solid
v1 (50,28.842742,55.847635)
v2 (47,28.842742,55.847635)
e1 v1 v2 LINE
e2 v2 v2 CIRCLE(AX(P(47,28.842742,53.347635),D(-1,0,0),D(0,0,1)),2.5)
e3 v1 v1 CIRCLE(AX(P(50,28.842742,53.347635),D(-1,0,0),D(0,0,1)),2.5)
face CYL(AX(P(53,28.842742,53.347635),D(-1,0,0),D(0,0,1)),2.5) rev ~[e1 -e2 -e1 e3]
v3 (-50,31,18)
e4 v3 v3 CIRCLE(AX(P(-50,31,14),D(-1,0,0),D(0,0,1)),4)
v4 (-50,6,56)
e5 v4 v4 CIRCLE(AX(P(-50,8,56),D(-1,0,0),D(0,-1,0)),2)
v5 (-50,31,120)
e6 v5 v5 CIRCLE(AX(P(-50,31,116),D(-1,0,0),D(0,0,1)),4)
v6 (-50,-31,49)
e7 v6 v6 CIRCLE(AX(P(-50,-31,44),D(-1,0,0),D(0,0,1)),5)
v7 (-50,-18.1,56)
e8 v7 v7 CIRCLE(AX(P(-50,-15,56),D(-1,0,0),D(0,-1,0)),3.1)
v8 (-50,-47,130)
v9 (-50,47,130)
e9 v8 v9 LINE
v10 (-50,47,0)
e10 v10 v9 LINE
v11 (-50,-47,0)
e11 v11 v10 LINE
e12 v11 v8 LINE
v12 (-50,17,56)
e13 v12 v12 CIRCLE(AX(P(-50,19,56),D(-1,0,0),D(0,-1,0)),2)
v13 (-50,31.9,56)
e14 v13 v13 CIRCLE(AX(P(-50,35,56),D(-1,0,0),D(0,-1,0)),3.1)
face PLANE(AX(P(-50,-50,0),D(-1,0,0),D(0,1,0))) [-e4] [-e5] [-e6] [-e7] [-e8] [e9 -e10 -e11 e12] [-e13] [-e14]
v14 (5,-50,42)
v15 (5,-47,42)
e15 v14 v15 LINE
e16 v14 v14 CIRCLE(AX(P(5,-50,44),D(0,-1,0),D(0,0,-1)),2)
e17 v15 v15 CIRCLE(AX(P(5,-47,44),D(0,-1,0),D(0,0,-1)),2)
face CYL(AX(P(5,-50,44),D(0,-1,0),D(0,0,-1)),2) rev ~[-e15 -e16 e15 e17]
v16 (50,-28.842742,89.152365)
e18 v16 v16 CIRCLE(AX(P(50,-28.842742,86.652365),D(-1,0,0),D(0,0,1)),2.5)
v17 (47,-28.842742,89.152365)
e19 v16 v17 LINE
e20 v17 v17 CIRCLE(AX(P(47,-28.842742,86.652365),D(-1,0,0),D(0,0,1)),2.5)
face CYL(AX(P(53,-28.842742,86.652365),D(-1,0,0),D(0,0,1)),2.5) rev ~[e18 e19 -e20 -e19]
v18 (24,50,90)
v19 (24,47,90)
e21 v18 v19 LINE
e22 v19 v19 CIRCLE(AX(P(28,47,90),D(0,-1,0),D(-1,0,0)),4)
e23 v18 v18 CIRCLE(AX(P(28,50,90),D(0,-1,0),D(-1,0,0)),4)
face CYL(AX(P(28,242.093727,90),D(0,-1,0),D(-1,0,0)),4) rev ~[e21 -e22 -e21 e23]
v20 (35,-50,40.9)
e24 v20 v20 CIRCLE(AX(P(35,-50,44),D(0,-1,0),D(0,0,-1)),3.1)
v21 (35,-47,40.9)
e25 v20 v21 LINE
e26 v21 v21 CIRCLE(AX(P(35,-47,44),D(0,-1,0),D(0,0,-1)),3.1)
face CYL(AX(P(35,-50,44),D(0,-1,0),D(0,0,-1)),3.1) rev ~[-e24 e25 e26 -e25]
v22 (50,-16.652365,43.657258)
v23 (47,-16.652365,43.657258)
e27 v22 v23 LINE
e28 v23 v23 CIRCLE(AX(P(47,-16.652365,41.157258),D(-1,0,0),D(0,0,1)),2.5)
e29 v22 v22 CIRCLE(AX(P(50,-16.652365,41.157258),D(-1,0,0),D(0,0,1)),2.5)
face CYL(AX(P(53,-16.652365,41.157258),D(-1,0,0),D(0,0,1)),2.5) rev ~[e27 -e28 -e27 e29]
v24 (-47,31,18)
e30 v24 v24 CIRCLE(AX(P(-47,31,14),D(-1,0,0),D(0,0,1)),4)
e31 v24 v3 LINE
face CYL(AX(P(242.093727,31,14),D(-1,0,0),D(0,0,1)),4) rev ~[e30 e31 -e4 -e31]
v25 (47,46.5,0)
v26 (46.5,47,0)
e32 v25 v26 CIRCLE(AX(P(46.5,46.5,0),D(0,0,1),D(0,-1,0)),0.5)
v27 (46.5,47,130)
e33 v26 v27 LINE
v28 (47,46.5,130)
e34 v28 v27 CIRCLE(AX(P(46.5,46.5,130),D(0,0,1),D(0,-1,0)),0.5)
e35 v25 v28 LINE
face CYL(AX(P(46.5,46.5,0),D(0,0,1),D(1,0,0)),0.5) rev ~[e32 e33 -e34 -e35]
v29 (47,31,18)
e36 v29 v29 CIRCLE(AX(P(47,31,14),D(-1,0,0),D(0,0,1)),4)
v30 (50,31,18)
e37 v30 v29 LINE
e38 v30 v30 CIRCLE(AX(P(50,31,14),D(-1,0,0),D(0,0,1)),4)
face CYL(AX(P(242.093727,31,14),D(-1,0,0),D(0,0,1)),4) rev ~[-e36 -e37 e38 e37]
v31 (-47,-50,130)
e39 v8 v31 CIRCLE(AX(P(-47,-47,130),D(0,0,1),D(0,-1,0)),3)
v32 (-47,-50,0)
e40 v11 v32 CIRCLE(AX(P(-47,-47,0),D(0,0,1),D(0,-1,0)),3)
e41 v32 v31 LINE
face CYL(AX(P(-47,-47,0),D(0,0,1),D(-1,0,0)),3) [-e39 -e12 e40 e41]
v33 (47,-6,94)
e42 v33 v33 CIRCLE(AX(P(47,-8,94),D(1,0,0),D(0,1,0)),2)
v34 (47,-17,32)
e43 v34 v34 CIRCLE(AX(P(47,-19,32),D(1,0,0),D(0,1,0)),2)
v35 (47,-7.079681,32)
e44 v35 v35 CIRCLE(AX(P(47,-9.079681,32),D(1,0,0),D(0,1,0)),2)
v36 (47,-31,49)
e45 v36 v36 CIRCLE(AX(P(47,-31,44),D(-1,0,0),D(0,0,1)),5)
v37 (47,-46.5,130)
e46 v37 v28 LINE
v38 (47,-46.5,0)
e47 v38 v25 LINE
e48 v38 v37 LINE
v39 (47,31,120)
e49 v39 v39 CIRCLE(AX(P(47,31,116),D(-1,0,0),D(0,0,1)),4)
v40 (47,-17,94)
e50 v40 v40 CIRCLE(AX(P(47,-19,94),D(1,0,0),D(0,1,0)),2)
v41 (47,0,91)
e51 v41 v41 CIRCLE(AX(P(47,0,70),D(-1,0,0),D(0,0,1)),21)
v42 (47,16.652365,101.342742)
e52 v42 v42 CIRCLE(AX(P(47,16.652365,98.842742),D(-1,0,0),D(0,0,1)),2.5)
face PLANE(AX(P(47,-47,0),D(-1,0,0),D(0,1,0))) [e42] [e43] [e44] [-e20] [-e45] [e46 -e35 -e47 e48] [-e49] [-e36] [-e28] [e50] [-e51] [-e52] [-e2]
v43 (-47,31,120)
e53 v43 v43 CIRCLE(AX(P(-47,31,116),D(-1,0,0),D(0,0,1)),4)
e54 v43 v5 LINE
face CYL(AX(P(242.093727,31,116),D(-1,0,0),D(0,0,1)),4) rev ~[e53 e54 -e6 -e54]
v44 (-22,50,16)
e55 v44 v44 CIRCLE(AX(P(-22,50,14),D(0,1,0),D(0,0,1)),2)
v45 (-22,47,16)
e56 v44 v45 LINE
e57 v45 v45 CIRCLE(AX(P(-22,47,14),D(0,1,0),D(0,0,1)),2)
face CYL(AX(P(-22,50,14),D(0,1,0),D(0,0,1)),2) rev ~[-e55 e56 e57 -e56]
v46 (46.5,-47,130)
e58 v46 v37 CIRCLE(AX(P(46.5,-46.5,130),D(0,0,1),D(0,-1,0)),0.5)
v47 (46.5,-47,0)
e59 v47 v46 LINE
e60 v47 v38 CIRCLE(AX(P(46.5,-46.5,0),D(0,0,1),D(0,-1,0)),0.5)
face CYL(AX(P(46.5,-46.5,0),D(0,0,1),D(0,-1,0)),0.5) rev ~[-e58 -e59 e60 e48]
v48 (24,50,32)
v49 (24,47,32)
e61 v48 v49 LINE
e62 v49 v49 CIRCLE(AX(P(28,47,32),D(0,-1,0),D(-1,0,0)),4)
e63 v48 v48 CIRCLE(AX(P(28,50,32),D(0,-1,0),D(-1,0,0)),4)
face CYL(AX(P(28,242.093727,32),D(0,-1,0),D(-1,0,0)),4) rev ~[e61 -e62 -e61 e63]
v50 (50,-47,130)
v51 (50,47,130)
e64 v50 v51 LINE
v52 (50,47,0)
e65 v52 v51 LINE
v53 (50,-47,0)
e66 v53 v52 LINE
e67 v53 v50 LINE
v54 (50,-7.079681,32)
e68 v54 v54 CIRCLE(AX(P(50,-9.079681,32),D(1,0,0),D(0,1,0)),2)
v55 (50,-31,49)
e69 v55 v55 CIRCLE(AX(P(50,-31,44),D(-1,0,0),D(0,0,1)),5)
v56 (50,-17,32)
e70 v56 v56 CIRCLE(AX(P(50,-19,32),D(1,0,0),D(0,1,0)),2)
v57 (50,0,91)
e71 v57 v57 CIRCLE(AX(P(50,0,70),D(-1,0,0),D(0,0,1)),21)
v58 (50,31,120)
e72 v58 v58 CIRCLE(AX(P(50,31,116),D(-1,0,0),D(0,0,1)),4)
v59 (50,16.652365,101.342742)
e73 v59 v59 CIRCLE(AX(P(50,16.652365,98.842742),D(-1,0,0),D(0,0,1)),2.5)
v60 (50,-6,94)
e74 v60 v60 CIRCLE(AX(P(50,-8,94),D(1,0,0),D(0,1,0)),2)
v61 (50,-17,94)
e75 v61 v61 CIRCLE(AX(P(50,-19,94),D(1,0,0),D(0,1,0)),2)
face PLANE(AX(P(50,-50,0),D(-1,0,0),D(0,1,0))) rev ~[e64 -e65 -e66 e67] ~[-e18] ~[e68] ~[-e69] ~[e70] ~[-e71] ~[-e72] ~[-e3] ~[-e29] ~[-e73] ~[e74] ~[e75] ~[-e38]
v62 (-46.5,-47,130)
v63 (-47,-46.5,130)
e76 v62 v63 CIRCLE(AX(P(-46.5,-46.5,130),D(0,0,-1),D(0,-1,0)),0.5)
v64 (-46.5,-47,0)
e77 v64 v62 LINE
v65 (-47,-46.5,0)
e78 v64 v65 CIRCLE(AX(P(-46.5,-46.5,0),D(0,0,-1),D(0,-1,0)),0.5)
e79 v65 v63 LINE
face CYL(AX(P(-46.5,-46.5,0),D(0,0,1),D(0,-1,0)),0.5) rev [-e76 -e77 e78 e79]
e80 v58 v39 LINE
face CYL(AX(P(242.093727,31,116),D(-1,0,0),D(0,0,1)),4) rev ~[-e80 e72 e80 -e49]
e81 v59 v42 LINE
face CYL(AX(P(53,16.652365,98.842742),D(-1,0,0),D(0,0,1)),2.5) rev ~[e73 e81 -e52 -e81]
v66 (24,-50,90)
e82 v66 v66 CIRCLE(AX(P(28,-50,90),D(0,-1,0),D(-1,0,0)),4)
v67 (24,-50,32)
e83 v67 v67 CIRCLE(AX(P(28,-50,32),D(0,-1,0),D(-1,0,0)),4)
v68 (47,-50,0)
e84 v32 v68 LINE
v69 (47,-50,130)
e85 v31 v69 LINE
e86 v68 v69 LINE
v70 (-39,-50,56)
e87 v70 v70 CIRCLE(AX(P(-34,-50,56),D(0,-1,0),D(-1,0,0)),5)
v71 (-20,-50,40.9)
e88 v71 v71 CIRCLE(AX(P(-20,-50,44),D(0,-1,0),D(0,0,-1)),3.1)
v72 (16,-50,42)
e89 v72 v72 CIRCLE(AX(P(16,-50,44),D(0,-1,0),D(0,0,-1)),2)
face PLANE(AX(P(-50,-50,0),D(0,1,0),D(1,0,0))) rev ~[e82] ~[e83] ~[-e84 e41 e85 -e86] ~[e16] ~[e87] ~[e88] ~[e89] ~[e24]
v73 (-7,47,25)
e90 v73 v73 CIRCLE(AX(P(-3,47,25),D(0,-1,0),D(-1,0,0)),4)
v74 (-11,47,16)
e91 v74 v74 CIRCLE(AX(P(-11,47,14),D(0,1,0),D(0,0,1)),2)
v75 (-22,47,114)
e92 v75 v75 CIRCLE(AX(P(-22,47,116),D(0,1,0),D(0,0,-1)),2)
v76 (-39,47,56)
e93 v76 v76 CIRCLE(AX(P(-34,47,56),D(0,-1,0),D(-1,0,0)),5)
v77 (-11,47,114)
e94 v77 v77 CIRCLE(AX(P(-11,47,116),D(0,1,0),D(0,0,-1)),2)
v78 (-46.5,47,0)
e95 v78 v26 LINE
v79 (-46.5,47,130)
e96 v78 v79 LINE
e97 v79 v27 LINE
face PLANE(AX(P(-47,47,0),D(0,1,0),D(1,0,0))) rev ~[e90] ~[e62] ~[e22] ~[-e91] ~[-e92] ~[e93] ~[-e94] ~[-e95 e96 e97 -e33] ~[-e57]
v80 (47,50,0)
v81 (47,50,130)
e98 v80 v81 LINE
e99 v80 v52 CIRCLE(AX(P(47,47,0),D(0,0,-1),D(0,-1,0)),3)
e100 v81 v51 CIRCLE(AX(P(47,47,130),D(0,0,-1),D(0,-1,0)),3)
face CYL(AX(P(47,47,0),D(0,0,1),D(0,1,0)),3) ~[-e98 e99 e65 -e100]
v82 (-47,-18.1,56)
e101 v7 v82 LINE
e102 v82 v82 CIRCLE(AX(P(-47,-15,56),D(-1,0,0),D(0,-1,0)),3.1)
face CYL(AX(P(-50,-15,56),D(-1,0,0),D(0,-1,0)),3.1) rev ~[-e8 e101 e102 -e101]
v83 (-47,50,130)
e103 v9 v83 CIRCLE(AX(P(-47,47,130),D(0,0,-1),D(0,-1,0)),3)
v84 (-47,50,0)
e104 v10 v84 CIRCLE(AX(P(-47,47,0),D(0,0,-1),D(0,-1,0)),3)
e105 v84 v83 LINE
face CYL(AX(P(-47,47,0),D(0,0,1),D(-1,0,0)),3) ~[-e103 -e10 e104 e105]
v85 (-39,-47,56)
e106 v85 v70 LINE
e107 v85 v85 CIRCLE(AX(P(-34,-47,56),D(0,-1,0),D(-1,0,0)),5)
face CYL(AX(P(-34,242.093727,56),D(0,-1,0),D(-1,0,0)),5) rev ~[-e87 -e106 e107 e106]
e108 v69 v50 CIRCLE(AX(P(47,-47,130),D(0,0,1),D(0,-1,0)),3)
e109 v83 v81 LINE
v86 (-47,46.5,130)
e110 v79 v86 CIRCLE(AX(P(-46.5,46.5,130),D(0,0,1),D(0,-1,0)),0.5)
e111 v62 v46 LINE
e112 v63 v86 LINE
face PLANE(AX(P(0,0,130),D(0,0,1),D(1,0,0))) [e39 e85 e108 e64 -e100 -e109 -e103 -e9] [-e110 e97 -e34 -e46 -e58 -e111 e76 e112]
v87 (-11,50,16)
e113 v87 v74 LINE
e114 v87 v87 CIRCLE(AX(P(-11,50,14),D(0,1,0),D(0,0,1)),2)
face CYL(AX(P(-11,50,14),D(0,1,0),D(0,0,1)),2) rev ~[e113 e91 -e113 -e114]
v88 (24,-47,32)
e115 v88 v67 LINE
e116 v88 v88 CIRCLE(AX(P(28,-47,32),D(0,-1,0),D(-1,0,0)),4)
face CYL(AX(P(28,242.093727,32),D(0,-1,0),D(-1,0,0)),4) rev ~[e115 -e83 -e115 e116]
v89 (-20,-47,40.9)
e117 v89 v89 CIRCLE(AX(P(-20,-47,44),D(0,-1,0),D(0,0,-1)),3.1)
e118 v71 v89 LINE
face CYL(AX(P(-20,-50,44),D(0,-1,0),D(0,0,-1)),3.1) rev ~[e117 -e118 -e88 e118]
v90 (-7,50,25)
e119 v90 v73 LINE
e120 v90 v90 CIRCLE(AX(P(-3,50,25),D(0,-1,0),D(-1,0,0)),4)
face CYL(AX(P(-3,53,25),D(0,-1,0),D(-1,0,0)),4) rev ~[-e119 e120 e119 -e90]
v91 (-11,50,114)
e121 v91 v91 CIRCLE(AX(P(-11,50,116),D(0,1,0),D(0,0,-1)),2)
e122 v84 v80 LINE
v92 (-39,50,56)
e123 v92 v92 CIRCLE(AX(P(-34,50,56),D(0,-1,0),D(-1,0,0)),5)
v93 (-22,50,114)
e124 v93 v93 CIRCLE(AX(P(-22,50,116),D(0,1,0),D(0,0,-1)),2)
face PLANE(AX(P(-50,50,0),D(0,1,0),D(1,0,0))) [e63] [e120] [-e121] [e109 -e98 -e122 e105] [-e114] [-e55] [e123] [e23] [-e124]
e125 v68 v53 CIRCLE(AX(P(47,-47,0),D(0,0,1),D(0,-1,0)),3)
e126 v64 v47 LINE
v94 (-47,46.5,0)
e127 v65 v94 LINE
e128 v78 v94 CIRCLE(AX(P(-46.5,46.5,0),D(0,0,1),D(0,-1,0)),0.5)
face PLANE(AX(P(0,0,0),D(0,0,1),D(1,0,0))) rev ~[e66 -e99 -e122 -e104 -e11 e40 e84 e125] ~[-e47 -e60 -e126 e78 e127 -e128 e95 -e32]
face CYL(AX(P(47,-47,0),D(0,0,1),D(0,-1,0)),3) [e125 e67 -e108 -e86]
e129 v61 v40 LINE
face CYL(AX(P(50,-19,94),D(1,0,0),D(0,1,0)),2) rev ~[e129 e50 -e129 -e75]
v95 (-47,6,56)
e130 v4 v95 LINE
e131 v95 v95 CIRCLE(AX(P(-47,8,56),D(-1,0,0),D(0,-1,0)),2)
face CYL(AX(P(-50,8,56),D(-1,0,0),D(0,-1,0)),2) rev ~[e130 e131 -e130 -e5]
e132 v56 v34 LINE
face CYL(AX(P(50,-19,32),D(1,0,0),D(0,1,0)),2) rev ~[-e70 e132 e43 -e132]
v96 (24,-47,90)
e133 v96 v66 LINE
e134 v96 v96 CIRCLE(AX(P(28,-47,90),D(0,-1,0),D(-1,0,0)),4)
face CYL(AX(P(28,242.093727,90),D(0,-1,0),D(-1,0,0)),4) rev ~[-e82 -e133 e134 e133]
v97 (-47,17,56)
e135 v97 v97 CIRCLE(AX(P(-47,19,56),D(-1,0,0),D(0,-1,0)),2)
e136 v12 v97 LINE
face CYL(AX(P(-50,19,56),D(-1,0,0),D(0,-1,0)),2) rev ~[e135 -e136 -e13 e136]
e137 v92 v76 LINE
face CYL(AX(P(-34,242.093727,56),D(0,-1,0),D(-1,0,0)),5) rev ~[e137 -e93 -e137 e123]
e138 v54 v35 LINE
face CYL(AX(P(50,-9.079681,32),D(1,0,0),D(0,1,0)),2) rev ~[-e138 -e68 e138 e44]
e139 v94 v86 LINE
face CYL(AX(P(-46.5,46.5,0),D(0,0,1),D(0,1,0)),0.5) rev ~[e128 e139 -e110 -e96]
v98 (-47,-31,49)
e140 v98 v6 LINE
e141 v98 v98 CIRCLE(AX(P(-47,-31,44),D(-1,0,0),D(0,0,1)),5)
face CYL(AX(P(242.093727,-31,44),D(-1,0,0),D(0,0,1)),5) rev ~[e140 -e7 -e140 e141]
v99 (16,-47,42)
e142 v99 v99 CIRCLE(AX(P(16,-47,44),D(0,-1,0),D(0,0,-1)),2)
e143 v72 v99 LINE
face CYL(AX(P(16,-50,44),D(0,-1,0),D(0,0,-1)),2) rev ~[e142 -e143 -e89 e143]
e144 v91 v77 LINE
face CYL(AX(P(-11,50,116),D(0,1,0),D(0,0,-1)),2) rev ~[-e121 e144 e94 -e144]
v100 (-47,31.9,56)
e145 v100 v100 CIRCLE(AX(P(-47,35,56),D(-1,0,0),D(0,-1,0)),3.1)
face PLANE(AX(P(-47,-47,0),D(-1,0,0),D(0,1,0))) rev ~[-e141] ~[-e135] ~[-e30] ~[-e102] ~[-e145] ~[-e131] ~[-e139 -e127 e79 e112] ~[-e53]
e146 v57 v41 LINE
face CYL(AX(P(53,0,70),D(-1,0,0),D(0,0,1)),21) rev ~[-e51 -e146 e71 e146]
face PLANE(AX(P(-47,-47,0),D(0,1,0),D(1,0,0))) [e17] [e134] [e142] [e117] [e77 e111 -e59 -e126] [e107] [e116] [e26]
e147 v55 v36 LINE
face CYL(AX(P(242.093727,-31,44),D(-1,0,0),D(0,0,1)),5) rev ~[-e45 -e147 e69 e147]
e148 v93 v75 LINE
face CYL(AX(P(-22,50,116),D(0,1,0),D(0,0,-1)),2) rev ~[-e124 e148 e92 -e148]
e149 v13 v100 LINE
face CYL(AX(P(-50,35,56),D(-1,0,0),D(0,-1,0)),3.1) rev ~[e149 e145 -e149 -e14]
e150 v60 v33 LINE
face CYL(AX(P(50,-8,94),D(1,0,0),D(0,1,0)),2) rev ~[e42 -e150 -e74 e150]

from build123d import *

# Parameters (mm, degrees)
SKETCH1_W                      = 100
SKETCH1_H                      = 100
SKETCH1_W_2                    = 94
SKETCH1_H_2                    = 94
EXTRUDE_THIN1_DEPTH            = 130
FILLET1_R                      = 0.5
FILLET2_R                      = 3
F_8_0_8_DIAMETER_HOLE2_D       = 8
F_8_0_8_DIAMETER_HOLE3_D       = 8
F_10_0_10_DIAMETER_HOLE1_D     = 10
F_10_0_10_DIAMETER_HOLE2_D     = 10
F_21_0_21_DIAMETER_HOLE1_D     = 42
F_21_0_21_DIAMETER_HOLE1_DEPTH = 3
F_5_0_5_DIAMETER_HOLE1_D       = 5
F_5_0_5_DIAMETER_HOLE1_DEPTH   = 3
F_8_0_8_DIAMETER_HOLE5_D       = 8
F_8_0_8_DIAMETER_HOLE5_DEPTH   = 3
CUT_EXTRUDE1_REACH             = 173.464
SKETCH34_R                     = 2
SKETCH35_R                     = 2
CUT_EXTRUDE2_DEPTH             = 10
SKETCH36_R                     = 2
CUT_EXTRUDE3_DEPTH             = 10
SKETCH37_R                     = 2
CUT_EXTRUDE4_DEPTH             = 10
SKETCH38_R                     = 3.1
CUT_EXTRUDE5_DEPTH             = 10
SKETCH39_R                     = 3.1
CUT_EXTRUDE6_DEPTH             = 10


with BuildPart() as part:
    # Sketch1 → Extrude-Thin1 (new body)
    with BuildSketch(Plane.XY):
        Rectangle(SKETCH1_W, SKETCH1_H)
        Rectangle(SKETCH1_W_2, SKETCH1_H_2, mode=Mode.SUBTRACT)
    extrude(amount=EXTRUDE_THIN1_DEPTH)

    # Fillet1
    fillet1_edges = [part.edges().sort_by_distance(p)[0] for p in [
        (47, -47, 65),
        (47, 47, 65),
        (-47, 47, 65),
        (-47, -47, 65),
    ]]
    fillet(fillet1_edges, radius=FILLET1_R)

    # Fillet2
    fillet2_edges = [part.edges().sort_by_distance(p)[0] for p in [
        (50, -50, 65),
        (-50, -50, 65),
        (-50, 50, 65),
        (50, 50, 65),
    ]]
    fillet(fillet2_edges, radius=FILLET2_R)

    # Ø8.0 (8) Diameter Hole2 (through all)
    with Locations(Plane(origin=(0, 50, 0), x_dir=(1, 0, 0), z_dir=(0, 1, 0))):
        with Locations((28, -32), (28, -90)):
            Hole(F_8_0_8_DIAMETER_HOLE2_D / 2)

    # Ø8.0 (8) Diameter Hole3 (through all)
    with Locations(Plane(origin=(50, 0, 0), x_dir=(0, 0, -1), z_dir=(1, 0, 0))):
        with Locations((-14, 31), (-116, 31)):
            Hole(F_8_0_8_DIAMETER_HOLE3_D / 2)

    # Ø10.0 (10) Diameter Hole1 (through all)
    with Locations(Plane(origin=(0, 50, 0), x_dir=(1, 0, 0), z_dir=(0, 1, 0))):
        with Locations((-34, -56)):
            Hole(F_10_0_10_DIAMETER_HOLE1_D / 2)

    # Ø10.0 (10) Diameter Hole2 (through all)
    with Locations(Plane(origin=(50, 0, 0), x_dir=(0, 0, -1), z_dir=(1, 0, 0))):
        with Locations((-44, -31)):
            Hole(F_10_0_10_DIAMETER_HOLE2_D / 2)

    # Ø21.0 (21) Diameter Hole1
    with Locations(Plane(origin=(50, 0, 0), x_dir=(0, 0, -1), z_dir=(1, 0, 0))):
        with Locations((-70, 0)):
            Hole(F_21_0_21_DIAMETER_HOLE1_D / 2, depth=F_21_0_21_DIAMETER_HOLE1_DEPTH)

    # Ø5.0 (5) Diameter Hole1
    with Locations(Plane(origin=(50, 0, 0), x_dir=(0, 0, -1), z_dir=(1, 0, 0))):
        with Locations((-41.157258279, -16.652364697), (-53.347635303, 28.842741721), (-98.842741721, 16.652364697), (-86.652364697, -28.842741721)):
            Hole(F_5_0_5_DIAMETER_HOLE1_D / 2, depth=F_5_0_5_DIAMETER_HOLE1_DEPTH)

    # Ø8.0 (8) Diameter Hole5
    with Locations(Plane(origin=(0, 50, 0), x_dir=(1, 0, 0), z_dir=(0, 1, 0))):
        with Locations((-3, -25)):
            Hole(F_8_0_8_DIAMETER_HOLE5_D / 2, depth=F_8_0_8_DIAMETER_HOLE5_DEPTH)

    # Sketch34 → Cut-Extrude1 (cut, up to next)
    with BuildSketch(Plane(origin=(0, 50, 0), x_dir=(1, 0, 0), z_dir=(0, 1, 0)), mode=Mode.PRIVATE) as cut_extrude1_sk1:
        with Locations(Location((-22, -14, 0), (0, 0, 270))):
            Circle(SKETCH34_R)
    cut_extrude1_tool1 = extrude(cut_extrude1_sk1.sketch, amount=-CUT_EXTRUDE1_REACH, mode=Mode.PRIVATE) & part.part
    # Sketch34 → Cut-Extrude1 (cut, up to next)
    with BuildSketch(Plane(origin=(0, 50, 0), x_dir=(1, 0, 0), z_dir=(0, 1, 0)), mode=Mode.PRIVATE) as cut_extrude1_sk2:
        with Locations(Location((-11, -14, 0), (0, 0, 270))):
            Circle(SKETCH34_R)
    cut_extrude1_tool2 = extrude(cut_extrude1_sk2.sketch, amount=-CUT_EXTRUDE1_REACH, mode=Mode.PRIVATE) & part.part
    # Sketch34 → Cut-Extrude1 (cut, up to next)
    with BuildSketch(Plane(origin=(0, 50, 0), x_dir=(1, 0, 0), z_dir=(0, 1, 0)), mode=Mode.PRIVATE) as cut_extrude1_sk3:
        with Locations(Location((-11, -116, 0), (0, 0, 90))):
            Circle(SKETCH34_R)
    cut_extrude1_tool3 = extrude(cut_extrude1_sk3.sketch, amount=-CUT_EXTRUDE1_REACH, mode=Mode.PRIVATE) & part.part
    # Sketch34 → Cut-Extrude1 (cut, up to next)
    with BuildSketch(Plane(origin=(0, 50, 0), x_dir=(1, 0, 0), z_dir=(0, 1, 0)), mode=Mode.PRIVATE) as cut_extrude1_sk4:
        with Locations(Location((-22, -116, 0), (0, 0, 90))):
            Circle(SKETCH34_R)
    cut_extrude1_tool4 = extrude(cut_extrude1_sk4.sketch, amount=-CUT_EXTRUDE1_REACH, mode=Mode.PRIVATE) & part.part
    add(cut_extrude1_tool1.solids().sort_by_distance((-22, 50, 14))[0], mode=Mode.SUBTRACT)
    add(cut_extrude1_tool2.solids().sort_by_distance((-11, 50, 14))[0], mode=Mode.SUBTRACT)
    add(cut_extrude1_tool3.solids().sort_by_distance((-11, 50, 116))[0], mode=Mode.SUBTRACT)
    add(cut_extrude1_tool4.solids().sort_by_distance((-22, 50, 116))[0], mode=Mode.SUBTRACT)

    # Sketch35 → Cut-Extrude2 (cut)
    with BuildSketch(Plane.XZ.offset(50)):
        with Locations(Location((16, 44, 0), (0, 0, 270))):
            Circle(SKETCH35_R)
        with Locations(Location((5, 44, 0), (0, 0, 270))):
            Circle(SKETCH35_R)
    extrude(amount=-CUT_EXTRUDE2_DEPTH, mode=Mode.SUBTRACT)

    # Sketch36 → Cut-Extrude3 (cut)
    with BuildSketch(Plane.ZY.offset(50)):
        with Locations(Location((56, 19, 0), (0, 0, 270))):
            Circle(SKETCH36_R)
        with Locations(Location((56, 8, 0), (0, 0, 270))):
            Circle(SKETCH36_R)
    extrude(amount=-CUT_EXTRUDE3_DEPTH, mode=Mode.SUBTRACT)

    # Sketch37 → Cut-Extrude4 (cut)
    with BuildSketch(Plane(origin=(50, 0, 0), x_dir=(0, 0, -1), z_dir=(1, 0, 0))):
        with Locations(Location((-94, -19, 0), (0, 0, 90))):
            Circle(SKETCH37_R)
        with Locations(Location((-32, -19, 0), (0, 0, 90))):
            Circle(SKETCH37_R)
        with Locations(Location((-94, -8, 0), (0, 0, 90))):
            Circle(SKETCH37_R)
        with Locations(Location((-32, -9.079681112, 0), (0, 0, 90))):
            Circle(SKETCH37_R)
    extrude(amount=-CUT_EXTRUDE4_DEPTH, mode=Mode.SUBTRACT)

    # Sketch38 → Cut-Extrude5 (cut)
    with BuildSketch(Plane.ZY.offset(50)):
        with Locations(Location((56, 35, 0), (0, 0, 270))):
            Circle(SKETCH38_R)
        with Locations(Location((56, -15, 0), (0, 0, 270))):
            Circle(SKETCH38_R)
    extrude(amount=-CUT_EXTRUDE5_DEPTH, mode=Mode.SUBTRACT)

    # Sketch39 → Cut-Extrude6 (cut)
    with BuildSketch(Plane.XZ.offset(50)):
        with Locations(Location((-20, 44, 0), (0, 0, 270))):
            Circle(SKETCH39_R)
        with Locations(Location((35, 44, 0), (0, 0, 270))):
            Circle(SKETCH39_R)
    extrude(amount=-CUT_EXTRUDE6_DEPTH, mode=Mode.SUBTRACT)


solid = part.part
